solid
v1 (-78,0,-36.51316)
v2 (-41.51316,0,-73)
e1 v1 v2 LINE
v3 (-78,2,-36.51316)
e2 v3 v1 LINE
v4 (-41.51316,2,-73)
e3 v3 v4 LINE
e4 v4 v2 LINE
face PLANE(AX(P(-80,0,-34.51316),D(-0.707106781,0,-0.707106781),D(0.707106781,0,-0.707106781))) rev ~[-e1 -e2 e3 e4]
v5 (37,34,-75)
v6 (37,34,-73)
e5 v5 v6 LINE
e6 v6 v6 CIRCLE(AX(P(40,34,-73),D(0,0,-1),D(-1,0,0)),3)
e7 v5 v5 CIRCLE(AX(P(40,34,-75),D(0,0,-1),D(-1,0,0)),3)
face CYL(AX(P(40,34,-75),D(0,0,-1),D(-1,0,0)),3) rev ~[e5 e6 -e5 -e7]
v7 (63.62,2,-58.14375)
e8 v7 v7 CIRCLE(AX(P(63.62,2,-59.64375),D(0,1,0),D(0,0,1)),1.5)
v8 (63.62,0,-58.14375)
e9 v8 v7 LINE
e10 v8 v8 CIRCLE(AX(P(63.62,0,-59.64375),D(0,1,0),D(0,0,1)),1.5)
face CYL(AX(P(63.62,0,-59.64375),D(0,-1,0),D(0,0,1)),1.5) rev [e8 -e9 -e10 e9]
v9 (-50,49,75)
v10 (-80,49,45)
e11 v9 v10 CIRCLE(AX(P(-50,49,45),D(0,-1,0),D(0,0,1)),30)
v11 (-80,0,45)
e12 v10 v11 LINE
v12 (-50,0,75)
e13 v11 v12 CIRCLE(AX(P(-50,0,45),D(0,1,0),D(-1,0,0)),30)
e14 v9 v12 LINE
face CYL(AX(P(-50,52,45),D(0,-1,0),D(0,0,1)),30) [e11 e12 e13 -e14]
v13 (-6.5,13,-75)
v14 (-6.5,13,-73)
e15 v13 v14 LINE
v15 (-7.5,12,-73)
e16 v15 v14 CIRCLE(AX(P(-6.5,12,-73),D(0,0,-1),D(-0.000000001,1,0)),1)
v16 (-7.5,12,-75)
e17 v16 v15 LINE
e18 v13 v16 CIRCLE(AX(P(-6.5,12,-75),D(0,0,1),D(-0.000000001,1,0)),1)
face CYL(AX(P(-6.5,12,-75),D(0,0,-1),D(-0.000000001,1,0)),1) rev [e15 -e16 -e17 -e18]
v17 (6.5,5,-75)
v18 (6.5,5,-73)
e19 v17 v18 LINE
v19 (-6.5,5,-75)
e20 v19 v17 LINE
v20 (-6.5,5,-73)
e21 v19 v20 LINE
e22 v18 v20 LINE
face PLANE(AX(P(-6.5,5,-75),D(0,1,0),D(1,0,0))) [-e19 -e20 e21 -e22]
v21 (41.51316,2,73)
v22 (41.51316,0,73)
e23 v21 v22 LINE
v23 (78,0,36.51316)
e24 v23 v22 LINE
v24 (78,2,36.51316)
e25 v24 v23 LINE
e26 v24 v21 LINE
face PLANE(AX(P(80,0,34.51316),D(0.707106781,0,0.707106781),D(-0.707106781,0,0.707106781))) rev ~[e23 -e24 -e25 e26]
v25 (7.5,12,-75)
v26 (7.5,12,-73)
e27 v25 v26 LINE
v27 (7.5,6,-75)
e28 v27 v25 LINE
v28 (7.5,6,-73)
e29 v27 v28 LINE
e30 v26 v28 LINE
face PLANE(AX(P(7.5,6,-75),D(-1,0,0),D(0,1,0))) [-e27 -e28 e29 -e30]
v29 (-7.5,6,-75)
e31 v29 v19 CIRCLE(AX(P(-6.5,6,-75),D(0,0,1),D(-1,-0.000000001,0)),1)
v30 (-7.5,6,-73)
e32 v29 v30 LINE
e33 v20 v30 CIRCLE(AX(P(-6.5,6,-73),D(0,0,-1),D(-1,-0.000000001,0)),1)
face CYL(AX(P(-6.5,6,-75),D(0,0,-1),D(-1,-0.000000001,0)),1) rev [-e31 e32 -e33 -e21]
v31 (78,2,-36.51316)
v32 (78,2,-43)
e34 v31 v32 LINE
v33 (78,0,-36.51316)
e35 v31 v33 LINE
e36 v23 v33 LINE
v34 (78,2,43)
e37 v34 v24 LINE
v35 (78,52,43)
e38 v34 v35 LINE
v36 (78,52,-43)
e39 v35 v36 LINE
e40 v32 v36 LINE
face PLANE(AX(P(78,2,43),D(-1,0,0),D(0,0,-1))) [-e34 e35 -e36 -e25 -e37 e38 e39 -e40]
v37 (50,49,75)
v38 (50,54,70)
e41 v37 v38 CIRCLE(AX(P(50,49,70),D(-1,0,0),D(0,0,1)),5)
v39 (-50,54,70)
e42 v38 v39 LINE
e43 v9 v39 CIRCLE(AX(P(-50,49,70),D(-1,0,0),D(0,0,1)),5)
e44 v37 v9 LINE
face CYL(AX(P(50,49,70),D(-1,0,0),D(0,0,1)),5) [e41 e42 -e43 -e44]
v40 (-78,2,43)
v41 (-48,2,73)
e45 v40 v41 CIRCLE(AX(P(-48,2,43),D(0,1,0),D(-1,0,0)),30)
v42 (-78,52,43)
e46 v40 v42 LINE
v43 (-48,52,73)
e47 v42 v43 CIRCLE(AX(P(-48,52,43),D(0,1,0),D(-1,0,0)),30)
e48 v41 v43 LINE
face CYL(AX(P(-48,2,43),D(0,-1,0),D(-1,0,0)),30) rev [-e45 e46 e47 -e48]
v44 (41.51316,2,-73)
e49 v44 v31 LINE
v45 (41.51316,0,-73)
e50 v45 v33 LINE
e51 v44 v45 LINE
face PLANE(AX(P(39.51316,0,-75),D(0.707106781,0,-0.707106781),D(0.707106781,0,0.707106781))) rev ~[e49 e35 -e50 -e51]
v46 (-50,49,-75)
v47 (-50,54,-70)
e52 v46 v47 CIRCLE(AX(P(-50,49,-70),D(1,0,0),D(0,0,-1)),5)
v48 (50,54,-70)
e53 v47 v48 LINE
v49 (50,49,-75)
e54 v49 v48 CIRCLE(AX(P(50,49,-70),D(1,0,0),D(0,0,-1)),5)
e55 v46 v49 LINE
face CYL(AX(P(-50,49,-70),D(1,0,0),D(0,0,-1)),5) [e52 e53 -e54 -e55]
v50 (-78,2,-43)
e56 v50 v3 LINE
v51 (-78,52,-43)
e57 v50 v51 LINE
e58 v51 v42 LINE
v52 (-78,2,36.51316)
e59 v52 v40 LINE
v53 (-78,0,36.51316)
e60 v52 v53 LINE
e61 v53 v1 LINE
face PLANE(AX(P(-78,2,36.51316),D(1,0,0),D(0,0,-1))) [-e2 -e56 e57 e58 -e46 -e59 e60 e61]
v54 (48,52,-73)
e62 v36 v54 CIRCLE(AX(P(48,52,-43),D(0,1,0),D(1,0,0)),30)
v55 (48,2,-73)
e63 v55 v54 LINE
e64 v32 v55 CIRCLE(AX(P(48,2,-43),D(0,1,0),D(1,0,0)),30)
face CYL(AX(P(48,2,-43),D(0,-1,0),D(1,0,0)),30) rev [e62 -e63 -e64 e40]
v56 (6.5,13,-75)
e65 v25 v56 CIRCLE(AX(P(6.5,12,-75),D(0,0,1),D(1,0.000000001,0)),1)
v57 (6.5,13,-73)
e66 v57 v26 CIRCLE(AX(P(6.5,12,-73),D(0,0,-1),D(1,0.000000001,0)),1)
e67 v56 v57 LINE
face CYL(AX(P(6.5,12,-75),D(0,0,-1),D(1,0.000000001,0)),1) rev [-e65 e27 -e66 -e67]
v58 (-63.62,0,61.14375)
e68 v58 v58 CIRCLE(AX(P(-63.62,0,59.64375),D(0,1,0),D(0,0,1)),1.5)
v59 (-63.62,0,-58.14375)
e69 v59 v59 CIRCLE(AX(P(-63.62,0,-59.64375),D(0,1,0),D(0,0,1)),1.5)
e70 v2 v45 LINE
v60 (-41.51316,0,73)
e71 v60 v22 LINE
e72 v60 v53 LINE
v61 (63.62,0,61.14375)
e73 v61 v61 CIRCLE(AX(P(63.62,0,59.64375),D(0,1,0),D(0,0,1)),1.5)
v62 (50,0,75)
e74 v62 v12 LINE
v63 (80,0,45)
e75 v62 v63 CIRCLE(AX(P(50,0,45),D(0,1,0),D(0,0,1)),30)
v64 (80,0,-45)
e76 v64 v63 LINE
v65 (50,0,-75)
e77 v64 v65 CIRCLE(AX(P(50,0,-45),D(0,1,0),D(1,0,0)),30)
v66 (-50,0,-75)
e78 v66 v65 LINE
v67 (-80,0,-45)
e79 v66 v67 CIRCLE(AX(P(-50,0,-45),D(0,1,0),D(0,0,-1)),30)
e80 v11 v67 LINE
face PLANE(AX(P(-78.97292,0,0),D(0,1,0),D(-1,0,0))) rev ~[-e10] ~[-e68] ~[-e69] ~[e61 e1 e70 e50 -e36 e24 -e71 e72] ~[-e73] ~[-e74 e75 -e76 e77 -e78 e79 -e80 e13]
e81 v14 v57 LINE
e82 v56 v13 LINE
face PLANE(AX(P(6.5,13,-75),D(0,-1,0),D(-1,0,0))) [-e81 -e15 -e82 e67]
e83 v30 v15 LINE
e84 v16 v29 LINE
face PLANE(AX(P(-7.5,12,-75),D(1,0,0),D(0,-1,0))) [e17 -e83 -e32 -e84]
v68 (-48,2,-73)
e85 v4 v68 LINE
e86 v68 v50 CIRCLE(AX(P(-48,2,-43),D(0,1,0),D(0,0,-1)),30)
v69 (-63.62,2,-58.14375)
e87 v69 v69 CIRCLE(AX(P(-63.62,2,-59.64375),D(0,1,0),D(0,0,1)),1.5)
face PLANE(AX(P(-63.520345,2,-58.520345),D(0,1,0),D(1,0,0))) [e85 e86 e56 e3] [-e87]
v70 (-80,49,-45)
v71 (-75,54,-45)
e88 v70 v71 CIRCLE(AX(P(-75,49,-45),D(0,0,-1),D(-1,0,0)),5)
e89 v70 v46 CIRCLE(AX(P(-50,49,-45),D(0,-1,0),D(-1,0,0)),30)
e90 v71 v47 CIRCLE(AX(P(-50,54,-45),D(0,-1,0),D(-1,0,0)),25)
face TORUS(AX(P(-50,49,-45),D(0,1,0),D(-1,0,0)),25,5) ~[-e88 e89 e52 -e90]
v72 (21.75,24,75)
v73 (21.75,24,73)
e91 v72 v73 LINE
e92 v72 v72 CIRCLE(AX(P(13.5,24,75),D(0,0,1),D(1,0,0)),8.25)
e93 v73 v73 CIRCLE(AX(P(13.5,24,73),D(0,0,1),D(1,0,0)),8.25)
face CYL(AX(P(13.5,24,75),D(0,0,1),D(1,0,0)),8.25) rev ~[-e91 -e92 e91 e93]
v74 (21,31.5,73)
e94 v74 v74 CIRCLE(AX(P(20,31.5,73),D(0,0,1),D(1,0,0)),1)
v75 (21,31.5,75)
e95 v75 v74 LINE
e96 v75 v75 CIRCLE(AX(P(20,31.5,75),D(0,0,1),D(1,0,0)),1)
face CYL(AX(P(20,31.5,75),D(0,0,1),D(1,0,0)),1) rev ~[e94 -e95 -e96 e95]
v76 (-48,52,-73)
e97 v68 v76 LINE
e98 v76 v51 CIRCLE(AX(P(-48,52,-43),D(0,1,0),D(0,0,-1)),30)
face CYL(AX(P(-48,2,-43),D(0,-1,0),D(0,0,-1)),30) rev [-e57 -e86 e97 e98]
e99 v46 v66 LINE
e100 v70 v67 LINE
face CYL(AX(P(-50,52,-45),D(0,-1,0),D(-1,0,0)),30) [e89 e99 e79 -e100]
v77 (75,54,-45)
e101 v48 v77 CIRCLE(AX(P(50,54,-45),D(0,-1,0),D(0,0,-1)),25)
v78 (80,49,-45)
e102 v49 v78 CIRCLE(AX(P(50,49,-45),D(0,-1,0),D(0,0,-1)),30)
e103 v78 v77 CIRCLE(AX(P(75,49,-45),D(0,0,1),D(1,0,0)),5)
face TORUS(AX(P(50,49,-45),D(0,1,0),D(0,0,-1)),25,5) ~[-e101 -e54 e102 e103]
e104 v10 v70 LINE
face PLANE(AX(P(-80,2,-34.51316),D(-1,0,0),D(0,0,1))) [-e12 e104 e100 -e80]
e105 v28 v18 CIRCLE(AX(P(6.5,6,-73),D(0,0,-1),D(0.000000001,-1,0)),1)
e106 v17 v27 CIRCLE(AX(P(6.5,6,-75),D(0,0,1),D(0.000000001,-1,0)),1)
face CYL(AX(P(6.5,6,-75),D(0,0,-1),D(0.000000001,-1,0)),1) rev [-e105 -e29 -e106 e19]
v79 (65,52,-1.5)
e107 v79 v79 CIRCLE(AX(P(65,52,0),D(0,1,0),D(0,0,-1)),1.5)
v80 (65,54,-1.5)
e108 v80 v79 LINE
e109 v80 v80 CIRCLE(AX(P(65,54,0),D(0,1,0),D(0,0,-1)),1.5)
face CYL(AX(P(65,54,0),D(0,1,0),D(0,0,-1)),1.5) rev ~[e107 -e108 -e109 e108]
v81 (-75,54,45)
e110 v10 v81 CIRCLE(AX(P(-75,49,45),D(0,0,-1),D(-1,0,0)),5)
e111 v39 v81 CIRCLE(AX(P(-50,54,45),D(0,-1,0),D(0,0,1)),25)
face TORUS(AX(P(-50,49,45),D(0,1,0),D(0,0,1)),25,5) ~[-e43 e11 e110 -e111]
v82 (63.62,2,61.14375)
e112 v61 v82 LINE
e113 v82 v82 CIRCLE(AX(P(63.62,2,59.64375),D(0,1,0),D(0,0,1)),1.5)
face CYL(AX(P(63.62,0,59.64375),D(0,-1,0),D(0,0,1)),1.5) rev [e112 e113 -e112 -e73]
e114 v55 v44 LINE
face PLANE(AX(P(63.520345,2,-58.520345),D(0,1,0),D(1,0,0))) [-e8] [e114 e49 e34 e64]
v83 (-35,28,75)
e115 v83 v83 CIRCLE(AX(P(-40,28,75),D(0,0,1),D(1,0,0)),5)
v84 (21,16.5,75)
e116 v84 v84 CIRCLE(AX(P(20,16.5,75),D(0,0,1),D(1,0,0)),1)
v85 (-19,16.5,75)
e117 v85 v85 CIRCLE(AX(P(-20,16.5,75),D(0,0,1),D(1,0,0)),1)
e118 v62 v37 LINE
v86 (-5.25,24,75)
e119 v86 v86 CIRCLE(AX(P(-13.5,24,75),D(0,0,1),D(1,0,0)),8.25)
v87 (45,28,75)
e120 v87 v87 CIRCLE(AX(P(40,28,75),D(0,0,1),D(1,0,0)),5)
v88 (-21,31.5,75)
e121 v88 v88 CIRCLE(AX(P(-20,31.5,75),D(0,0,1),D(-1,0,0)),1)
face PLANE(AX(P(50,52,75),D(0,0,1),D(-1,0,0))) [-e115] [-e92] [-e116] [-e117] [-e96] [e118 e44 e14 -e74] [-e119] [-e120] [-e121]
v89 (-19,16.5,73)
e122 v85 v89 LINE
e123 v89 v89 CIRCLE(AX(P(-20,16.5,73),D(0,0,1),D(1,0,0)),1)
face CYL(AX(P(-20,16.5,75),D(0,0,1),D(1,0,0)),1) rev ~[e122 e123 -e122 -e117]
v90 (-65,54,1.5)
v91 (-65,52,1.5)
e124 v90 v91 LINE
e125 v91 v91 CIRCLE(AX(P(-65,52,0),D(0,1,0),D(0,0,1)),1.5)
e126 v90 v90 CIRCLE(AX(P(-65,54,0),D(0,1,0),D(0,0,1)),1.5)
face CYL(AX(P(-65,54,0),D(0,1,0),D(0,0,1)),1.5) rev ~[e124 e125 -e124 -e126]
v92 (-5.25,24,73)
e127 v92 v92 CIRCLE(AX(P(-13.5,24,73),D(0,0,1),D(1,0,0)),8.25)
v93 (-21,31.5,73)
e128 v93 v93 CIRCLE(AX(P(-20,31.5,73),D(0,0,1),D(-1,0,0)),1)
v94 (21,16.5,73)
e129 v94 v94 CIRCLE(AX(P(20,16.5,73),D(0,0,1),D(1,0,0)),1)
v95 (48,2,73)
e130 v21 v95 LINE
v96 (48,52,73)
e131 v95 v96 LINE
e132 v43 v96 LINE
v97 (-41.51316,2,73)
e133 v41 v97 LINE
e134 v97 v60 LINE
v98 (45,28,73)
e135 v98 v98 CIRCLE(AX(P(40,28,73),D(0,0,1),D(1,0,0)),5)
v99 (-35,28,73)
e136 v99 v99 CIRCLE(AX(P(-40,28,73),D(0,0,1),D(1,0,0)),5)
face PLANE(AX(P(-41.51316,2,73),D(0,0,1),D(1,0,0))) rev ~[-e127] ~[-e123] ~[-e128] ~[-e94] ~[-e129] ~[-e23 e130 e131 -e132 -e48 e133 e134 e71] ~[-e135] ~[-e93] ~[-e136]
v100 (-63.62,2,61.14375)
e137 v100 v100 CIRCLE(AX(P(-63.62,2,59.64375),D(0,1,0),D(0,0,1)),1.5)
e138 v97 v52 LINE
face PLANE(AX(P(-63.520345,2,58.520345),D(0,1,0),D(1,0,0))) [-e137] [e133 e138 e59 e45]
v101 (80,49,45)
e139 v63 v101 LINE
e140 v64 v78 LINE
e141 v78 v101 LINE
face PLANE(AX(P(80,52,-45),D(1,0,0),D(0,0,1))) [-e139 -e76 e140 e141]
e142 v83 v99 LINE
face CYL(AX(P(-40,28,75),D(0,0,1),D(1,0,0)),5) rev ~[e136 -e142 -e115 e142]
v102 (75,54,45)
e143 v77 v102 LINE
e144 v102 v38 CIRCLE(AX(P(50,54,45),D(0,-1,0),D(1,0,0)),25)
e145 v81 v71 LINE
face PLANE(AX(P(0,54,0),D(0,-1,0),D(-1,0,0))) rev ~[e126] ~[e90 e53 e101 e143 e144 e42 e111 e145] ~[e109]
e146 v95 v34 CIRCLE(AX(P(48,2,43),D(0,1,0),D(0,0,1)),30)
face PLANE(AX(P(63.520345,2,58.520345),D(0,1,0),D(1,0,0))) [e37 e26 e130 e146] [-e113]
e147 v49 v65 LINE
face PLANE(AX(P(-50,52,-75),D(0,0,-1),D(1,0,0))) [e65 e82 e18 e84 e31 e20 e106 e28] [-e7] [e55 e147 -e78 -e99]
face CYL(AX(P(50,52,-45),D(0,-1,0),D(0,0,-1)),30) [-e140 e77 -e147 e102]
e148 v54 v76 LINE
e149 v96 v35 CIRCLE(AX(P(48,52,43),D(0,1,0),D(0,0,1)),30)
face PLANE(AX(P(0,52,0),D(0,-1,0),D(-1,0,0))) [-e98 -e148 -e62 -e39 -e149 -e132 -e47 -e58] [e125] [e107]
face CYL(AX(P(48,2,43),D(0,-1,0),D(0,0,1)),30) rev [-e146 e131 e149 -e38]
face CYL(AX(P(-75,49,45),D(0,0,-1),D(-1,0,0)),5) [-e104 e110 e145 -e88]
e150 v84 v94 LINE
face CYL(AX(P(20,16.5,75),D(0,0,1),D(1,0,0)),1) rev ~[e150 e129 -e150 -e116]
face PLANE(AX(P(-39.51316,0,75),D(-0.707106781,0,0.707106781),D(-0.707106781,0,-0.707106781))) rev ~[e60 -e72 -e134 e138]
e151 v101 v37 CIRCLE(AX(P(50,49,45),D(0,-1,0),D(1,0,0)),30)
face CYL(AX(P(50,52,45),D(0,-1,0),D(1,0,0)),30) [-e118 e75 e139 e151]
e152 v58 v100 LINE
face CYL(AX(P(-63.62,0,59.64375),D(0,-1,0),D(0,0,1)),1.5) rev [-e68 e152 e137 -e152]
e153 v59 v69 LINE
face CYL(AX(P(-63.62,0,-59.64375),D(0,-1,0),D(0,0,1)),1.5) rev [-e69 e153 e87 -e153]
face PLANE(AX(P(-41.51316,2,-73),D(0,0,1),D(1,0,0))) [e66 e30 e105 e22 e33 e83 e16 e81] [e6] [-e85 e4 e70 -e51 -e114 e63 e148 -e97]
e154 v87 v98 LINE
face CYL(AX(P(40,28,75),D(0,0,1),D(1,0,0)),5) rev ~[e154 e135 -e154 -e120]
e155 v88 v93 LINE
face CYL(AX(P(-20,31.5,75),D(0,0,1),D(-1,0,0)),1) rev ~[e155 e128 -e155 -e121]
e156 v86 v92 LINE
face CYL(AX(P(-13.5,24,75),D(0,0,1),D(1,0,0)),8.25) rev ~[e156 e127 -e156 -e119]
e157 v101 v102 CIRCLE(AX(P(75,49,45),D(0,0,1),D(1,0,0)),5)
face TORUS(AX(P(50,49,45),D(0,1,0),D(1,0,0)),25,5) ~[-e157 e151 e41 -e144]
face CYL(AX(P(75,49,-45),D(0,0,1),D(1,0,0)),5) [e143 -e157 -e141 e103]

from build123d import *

# Parameters (mm, degrees)
SKETCH1_R           = 1.5
BOTTOM_DEPTH        = 2
BOTTOM_2_DEPTH      = 2
BOTTOM_3_DEPTH      = 2
BOTTOM_4_DEPTH      = 2
WALLS_DEPTH         = 50
TOP_DEPTH           = 2
SKETCH4_R           = 1
SKETCH4_R_2         = 8.25
CUT_EXTRUDE2_DEPTH  = 2
SKETCH5_R           = 5
CUT_EXTRUDE3_DEPTH  = 2
SKETCH6_R           = 3
CUT_EXTRUDE4_DEPTH  = 2
SKETCH8_R           = 1.5
CUT_EXTRUDE5_DEPTH  = 2
BOSS_EXTRUDE5_DEPTH = 2
FILLET1_R           = 5
CUT_EXTRUDE6_DEPTH  = 10


with BuildPart() as part:
    # Sketch1 → Bottom (new body)
    with BuildSketch(Plane(origin=(0, 0, 0), x_dir=(1, 0, 0), z_dir=(0, 1, 0))):
        with BuildLine():
            ThreePointArc((-80, -45), (-71.213203436, -66.213203436), (-50, -75))
            Line((-50, -75), (-39.513159642, -75))
            Line((-39.513159642, -75), (-80, -34.513159642))
            Line((-80, -34.513159642), (-80, -45))
        make_face()
        with Locations(Location((-63.62, -59.64375, 0), (0, 0, 270))):
            Circle(SKETCH1_R, mode=Mode.SUBTRACT)
    extrude(amount=BOTTOM_DEPTH)



with BuildPart() as body_2:
    # Sketch1 → Bottom 2 (new body)
    with BuildSketch(Plane(origin=(0, 0, 0), x_dir=(1, 0, 0), z_dir=(0, 1, 0))):
        with BuildLine():
            Line((-80, 45), (-80, 34.513159642))
            Line((-80, 34.513159642), (-39.513159642, 75))
            Line((-39.513159642, 75), (-50, 75))
            ThreePointArc((-50, 75), (-71.213203436, 66.213203436), (-80, 45))
        make_face()
        with Locations(Location((-63.62, 59.64375, 0), (0, 0, 270))):
            Circle(SKETCH1_R, mode=Mode.SUBTRACT)
    extrude(amount=BOTTOM_2_DEPTH)


with BuildPart() as body_3:
    # Sketch1 → Bottom 3 (new body)
    with BuildSketch(Plane(origin=(0, 0, 0), x_dir=(1, 0, 0), z_dir=(0, 1, 0))):
        with BuildLine():
            Line((39.513159642, 75), (80, 34.513159642))
            Line((80, 34.513159642), (80, 45))
            ThreePointArc((80, 45), (71.213203436, 66.213203436), (50, 75))
            Line((50, 75), (39.513159642, 75))
        make_face()
        with Locations(Location((63.62, 59.64375, 0), (0, 0, 270))):
            Circle(SKETCH1_R, mode=Mode.SUBTRACT)
    extrude(amount=BOTTOM_3_DEPTH)


with BuildPart() as body_4:
    # Sketch1 → Bottom 4 (new body)
    with BuildSketch(Plane(origin=(0, 0, 0), x_dir=(1, 0, 0), z_dir=(0, 1, 0))):
        with BuildLine():
            Line((80, -34.513159642), (39.513159642, -75))
            Line((39.513159642, -75), (50, -75))
            ThreePointArc((50, -75), (71.213203436, -66.213203436), (80, -45))
            Line((80, -45), (80, -34.513159642))
        make_face()
        with Locations(Location((63.62, -59.64375, 0), (0, 0, 270))):
            Circle(SKETCH1_R, mode=Mode.SUBTRACT)
    extrude(amount=BOTTOM_4_DEPTH)


with BuildPart() as part_1:
    add(part.part)

    add(body_2.part)  # Walls merges body 2

    add(body_3.part)  # Walls merges body 3

    add(body_4.part)  # Walls merges body 4
    # Sketch2 → Walls (add)
    with BuildSketch(Plane(origin=(0, 2, 0), x_dir=(1, 0, 0), z_dir=(0, 1, 0))):
        with BuildLine():
            Line((50, 75), (-50, 75))
            ThreePointArc((-50, 75), (-71.213203436, 66.213203436), (-80, 45))
            Line((-80, 45), (-80, -45))
            ThreePointArc((-80, -45), (-71.213203436, -66.213203436), (-50, -75))
            Line((-50, -75), (50, -75))
            ThreePointArc((50, -75), (71.213203436, -66.213203436), (80, -45))
            Line((80, -45), (80, 45))
            ThreePointArc((80, 45), (71.213203436, 66.213203436), (50, 75))
        make_face()
        with BuildLine():
            Line((-48, -73), (48, -73))
            ThreePointArc((48, -73), (69.213203436, -64.213203436), (78, -43))
            Line((78, -43), (78, 43))
            ThreePointArc((78, 43), (69.213203436, 64.213203436), (48, 73))
            Line((48, 73), (-48, 73))
            ThreePointArc((-48, 73), (-69.213203436, 64.213203436), (-78, 43))
            Line((-78, 43), (-78, -43))
            ThreePointArc((-78, -43), (-69.213203436, -64.213203436), (-48, -73))
        make_face(mode=Mode.SUBTRACT)
    extrude(amount=WALLS_DEPTH)

    # Sketch3 → Top (add)
    with BuildSketch(Plane(origin=(0, 52, 0), x_dir=(1, 0, 0), z_dir=(0, 1, 0))):
        with BuildLine():
            Line((50, -75), (-50, -75))
            ThreePointArc((-50, -75), (-71.213203436, -66.213203436), (-80, -45))
            Line((-80, -45), (-80, 45))
            ThreePointArc((-80, 45), (-71.213203436, 66.213203436), (-50, 75))
            Line((-50, 75), (50, 75))
            ThreePointArc((50, 75), (71.213203436, 66.213203436), (80, 45))
            Line((80, 45), (80, -45))
            ThreePointArc((80, -45), (71.213203436, -66.213203436), (50, -75))
        make_face()
    extrude(amount=TOP_DEPTH)

    # Sketch4 → Cut-Extrude2 (cut)
    with BuildSketch(Plane.XY.offset(75)):
        with Locations((-20, 16.5)):
            Circle(SKETCH4_R)
        with Locations((-13.5, 24)):
            Circle(SKETCH4_R_2)
        with Locations(Location((-20, 31.5, 0), (0, 0, 180))):
            Circle(SKETCH4_R)
        with Locations((20, 16.5)):
            Circle(SKETCH4_R)
        with Locations((13.5, 24)):
            Circle(SKETCH4_R_2)
        with Locations((20, 31.5)):
            Circle(SKETCH4_R)
    extrude(amount=-CUT_EXTRUDE2_DEPTH, mode=Mode.SUBTRACT)

    # Sketch5 → Cut-Extrude3 (cut)
    with BuildSketch(Plane.XY.offset(75)):
        with Locations((-40, 28)):
            Circle(SKETCH5_R)
        with Locations((40, 28)):
            Circle(SKETCH5_R)
    extrude(amount=-CUT_EXTRUDE3_DEPTH, mode=Mode.SUBTRACT)

    # Sketch6 → Cut-Extrude4 (cut)
    with BuildSketch(Plane(origin=(0, 0, -75), x_dir=(-1, 0, 0), z_dir=(0, 0, -1))):
        with Locations((-40, 34)):
            Circle(SKETCH6_R)
    extrude(amount=-CUT_EXTRUDE4_DEPTH, mode=Mode.SUBTRACT)

    # Sketch8 → Cut-Extrude5 (cut)
    with BuildSketch(Plane(origin=(0, 54, 0), x_dir=(1, 0, 0), z_dir=(0, 1, 0))):
        with Locations(Location((-65, 0, 0), (0, 0, 270))):
            Circle(SKETCH8_R)
        with Locations(Location((65, 0, 0), (0, 0, 90))):
            Circle(SKETCH8_R)
    extrude(amount=-CUT_EXTRUDE5_DEPTH, mode=Mode.SUBTRACT)

    # Sketch9 → Boss-Extrude5 (add)
    with BuildSketch(Plane.XZ.offset(-2)):
        Polygon((-80, 34.513159642), (-78, 36.513159642), (-78, -36.513159642), (-80, -34.513159642), align=None)
        Polygon((-39.513159642, 75), (-41.513159642, 73), (41.513159642, 73), (39.745521731, 74.76763791), (39.513159642, 75), align=None)
        Polygon((78, -36.513159642), (80, -34.513159642), (80, 34.513159642), (78, 36.513159642), align=None)
        Polygon((39.745521731, -74.76763791), (39.513159642, -75), (-39.513159642, -75), (-41.513159642, -73), (41.513159642, -73), align=None)
    extrude(amount=BOSS_EXTRUDE5_DEPTH)

    # Fillet1
    fillet1_edges = [part_1.edges().sort_by_distance(p)[0] for p in [
        (-71.213203436, 54, 66.213203436),
        (0, 54, 75),
        (71.213203436, 54, 66.213203436),
        (80, 54, 0),
        (71.213203436, 54, -66.213203436),
        (0, 54, -75),
        (-71.213203436, 54, -66.213203436),
        (-80, 54, 0),
    ]]
    fillet(fillet1_edges, radius=FILLET1_R)

    # Sketch10 → Cut-Extrude6 (cut)
    with BuildSketch(Plane(origin=(0, 0, -75), x_dir=(-1, 0, 0), z_dir=(0, 0, -1))):
        with BuildLine():
            Line((6.5, 5), (-6.5, 5))
            ThreePointArc((-6.5, 5), (-7.207106781, 5.292893219), (-7.5, 6))
            Line((-7.5, 6), (-7.5, 12))
            ThreePointArc((-7.5, 12), (-7.207106781, 12.707106781), (-6.5, 13))
            Line((-6.5, 13), (6.5, 13))
            ThreePointArc((6.5, 13), (7.207106781, 12.707106781), (7.5, 12))
            Line((7.5, 12), (7.5, 6))
            ThreePointArc((7.5, 6), (7.207106781, 5.292893219), (6.5, 5))
        make_face()
    extrude(amount=-CUT_EXTRUDE6_DEPTH, mode=Mode.SUBTRACT)


solid = part_1.part
